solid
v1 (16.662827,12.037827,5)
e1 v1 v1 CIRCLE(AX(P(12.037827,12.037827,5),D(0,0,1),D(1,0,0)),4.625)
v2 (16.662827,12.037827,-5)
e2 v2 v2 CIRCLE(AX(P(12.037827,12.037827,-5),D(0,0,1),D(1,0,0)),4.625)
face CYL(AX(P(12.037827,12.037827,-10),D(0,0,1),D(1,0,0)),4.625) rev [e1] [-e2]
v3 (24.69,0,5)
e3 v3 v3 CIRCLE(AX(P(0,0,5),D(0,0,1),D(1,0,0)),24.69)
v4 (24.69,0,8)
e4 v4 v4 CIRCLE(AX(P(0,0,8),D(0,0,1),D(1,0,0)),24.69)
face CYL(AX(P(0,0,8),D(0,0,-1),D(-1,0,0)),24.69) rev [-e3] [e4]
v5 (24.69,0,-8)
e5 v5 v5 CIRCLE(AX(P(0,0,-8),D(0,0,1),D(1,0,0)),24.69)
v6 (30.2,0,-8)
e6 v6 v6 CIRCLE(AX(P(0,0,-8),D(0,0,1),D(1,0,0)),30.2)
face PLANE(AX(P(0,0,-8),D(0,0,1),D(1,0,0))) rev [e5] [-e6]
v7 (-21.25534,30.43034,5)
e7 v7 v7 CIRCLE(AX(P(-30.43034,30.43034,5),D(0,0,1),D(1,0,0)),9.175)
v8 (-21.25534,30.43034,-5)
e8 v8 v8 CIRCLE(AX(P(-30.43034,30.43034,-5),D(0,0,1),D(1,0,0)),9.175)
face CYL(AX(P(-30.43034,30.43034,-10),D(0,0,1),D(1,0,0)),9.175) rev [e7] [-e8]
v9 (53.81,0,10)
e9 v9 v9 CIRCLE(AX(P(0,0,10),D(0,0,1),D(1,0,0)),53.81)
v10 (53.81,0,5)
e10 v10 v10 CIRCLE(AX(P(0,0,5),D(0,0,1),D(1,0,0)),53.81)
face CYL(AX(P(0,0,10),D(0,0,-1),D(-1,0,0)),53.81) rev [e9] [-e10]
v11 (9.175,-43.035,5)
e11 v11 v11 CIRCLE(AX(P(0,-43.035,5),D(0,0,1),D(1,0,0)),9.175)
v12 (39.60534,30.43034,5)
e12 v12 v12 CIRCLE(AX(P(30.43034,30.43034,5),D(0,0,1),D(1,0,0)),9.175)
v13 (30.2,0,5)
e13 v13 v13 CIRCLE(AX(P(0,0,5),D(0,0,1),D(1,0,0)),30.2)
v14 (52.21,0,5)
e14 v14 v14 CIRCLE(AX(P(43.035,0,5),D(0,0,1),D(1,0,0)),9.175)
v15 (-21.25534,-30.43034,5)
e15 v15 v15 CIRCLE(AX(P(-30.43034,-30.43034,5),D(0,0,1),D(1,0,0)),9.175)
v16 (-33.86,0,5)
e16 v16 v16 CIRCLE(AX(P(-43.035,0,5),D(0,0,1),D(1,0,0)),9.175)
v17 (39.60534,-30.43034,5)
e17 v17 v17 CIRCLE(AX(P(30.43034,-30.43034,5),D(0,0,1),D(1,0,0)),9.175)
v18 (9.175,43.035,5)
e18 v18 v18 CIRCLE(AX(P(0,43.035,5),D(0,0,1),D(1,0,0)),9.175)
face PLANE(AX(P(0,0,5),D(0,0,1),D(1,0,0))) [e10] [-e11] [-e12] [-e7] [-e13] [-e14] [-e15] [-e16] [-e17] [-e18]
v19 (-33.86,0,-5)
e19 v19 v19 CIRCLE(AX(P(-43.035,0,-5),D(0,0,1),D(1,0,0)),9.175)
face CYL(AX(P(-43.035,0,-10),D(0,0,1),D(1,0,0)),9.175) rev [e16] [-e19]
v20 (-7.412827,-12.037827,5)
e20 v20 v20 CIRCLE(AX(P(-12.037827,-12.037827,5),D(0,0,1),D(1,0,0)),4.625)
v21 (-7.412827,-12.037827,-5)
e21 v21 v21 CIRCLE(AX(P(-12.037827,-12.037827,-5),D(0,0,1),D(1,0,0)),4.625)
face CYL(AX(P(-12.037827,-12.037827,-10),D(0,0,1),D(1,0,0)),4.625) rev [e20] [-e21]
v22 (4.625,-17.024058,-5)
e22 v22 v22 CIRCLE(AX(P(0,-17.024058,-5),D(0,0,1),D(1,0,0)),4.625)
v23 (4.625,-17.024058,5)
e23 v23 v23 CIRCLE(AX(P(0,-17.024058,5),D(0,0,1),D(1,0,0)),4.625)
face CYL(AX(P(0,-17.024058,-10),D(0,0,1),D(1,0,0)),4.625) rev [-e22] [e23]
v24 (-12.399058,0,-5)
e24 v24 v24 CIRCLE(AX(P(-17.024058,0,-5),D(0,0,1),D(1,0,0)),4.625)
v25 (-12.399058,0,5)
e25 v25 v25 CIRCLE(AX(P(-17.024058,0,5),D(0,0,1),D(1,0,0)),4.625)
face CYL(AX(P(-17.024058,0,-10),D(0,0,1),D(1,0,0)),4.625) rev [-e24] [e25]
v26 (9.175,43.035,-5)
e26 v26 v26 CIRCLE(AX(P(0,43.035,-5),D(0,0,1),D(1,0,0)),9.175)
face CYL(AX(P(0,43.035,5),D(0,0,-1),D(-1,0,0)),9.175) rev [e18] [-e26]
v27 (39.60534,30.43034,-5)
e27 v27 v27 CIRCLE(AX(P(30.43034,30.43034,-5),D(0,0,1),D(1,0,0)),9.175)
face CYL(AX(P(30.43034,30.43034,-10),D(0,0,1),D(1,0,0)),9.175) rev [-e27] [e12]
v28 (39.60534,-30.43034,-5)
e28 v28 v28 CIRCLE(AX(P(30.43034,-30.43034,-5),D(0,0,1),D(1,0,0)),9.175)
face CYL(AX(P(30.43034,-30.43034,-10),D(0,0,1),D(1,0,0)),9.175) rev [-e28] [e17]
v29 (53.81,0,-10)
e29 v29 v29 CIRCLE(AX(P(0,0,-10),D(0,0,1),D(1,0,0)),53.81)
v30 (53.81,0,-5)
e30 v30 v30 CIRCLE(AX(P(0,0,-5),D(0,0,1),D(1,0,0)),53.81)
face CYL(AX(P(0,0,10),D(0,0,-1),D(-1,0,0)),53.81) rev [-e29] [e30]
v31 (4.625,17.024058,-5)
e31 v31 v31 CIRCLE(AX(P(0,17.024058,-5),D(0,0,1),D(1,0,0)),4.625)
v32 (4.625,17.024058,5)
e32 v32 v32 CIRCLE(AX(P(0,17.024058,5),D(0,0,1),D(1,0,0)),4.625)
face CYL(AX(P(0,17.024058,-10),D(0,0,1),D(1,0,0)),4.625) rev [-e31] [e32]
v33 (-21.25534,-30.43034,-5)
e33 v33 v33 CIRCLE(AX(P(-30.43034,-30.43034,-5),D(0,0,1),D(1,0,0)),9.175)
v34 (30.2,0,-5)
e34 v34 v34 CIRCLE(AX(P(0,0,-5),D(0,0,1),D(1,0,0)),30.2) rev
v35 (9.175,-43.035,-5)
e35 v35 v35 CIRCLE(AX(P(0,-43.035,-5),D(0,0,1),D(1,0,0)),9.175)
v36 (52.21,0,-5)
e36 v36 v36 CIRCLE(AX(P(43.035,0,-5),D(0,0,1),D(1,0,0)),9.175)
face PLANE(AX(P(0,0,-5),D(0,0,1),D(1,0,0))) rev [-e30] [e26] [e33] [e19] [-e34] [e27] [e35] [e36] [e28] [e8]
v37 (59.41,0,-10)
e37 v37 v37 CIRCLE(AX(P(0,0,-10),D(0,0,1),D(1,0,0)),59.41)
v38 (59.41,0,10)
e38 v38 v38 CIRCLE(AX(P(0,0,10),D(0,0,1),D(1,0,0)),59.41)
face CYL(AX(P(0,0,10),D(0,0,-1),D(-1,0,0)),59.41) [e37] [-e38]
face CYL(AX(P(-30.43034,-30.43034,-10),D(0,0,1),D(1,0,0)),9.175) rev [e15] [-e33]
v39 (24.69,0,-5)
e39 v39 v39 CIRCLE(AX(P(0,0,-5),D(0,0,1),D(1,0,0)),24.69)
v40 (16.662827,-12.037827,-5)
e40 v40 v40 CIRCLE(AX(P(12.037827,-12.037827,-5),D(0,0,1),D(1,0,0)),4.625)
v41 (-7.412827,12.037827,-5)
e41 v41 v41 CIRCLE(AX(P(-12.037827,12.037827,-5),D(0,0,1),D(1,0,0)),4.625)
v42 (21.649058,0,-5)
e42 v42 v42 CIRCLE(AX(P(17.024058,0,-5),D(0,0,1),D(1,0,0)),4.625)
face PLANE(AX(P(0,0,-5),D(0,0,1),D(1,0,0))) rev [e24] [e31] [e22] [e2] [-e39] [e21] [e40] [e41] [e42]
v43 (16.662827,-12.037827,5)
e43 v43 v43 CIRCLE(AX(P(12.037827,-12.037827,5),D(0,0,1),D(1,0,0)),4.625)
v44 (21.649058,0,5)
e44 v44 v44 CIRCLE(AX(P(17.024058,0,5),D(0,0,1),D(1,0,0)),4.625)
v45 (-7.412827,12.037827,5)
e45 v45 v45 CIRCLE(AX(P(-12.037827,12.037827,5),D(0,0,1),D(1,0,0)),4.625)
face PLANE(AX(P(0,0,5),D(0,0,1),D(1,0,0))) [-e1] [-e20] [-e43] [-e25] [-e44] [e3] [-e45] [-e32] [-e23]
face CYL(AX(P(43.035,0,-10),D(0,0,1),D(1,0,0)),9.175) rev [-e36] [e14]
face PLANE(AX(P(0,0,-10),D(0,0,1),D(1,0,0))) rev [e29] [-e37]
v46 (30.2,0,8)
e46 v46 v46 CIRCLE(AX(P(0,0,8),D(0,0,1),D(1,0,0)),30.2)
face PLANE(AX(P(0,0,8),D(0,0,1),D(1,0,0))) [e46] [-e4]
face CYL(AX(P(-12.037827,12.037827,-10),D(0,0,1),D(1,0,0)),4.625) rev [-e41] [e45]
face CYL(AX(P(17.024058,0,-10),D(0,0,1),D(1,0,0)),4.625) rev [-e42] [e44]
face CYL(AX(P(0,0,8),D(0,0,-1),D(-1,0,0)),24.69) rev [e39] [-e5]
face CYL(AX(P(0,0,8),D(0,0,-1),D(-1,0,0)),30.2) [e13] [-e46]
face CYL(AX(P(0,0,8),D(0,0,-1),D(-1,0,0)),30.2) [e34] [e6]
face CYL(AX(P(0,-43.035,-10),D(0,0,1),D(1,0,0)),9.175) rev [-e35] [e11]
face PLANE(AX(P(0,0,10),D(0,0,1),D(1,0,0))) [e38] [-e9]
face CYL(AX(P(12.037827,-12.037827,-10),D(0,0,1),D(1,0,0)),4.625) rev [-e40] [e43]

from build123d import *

# Parameters (mm, degrees)
SKETCH1_R           = 59.41
SKETCH1_R_2         = 53.81
BOSS_EXTRUDE1_DEPTH = 10
SKETCH1_3_R         = 53.81
SKETCH1_3_R_2       = 30.2
SKETCH1_3_R_3       = 9.175
SKETCH1_3_R_4       = 24.69
BOSS_EXTRUDE2_DEPTH = 5
SKETCH1_4_R         = 30.2
SKETCH1_4_R_2       = 24.69
BOSS_EXTRUDE3_DEPTH = 8
SKETCH1_5_R         = 4.625
SKETCH1_5_R_2       = 9.175
CUT_EXTRUDE1_DEPTH  = 85.611442489
CIRPATTERN2_COUNT   = 8


with BuildPart() as part:
    # Sketch1 → Boss-Extrude1 (new, symmetric)
    with BuildSketch(Plane.XY):
        Circle(SKETCH1_R)
        Circle(SKETCH1_R_2, mode=Mode.SUBTRACT)
    extrude(amount=BOSS_EXTRUDE1_DEPTH, both=True)

    # Sketch1<3> → Boss-Extrude2 (add, symmetric)
    # profile 1 of 2: a face of its own
    with BuildSketch(Plane.XY):
        Circle(SKETCH1_3_R)
        Circle(SKETCH1_3_R_2, mode=Mode.SUBTRACT)
        with Locations((0, 43.035)):
            Circle(SKETCH1_3_R_3, mode=Mode.SUBTRACT)
    # profile 2 of 2: a face of its own
    with BuildSketch(Plane.XY):
        Circle(SKETCH1_3_R_4)
    extrude(amount=BOSS_EXTRUDE2_DEPTH, both=True)


with BuildPart() as boss_extrude2_piece_1:
    # of the separate pieces the step leaves, piece 1, a body of its own (boss_extrude2_pieces)
    add(part.part.solids().sort_by_distance((59.41, 0, -10))[0])



with BuildPart() as boss_extrude2_piece_2:
    # of the separate pieces the step leaves, piece 2, a body of its own (boss_extrude2_pieces)
    add(part.part.solids().sort_by_distance((24.69, 0, -5))[0])


with BuildPart() as boss_extrude2_piece_1_1:
    add(boss_extrude2_piece_1.part)

    add(boss_extrude2_piece_2.part)  # Boss-Extrude3 merges Boss-Extrude2 piece 2
    # Sketch1<4> → Boss-Extrude3 (add, symmetric)
    with BuildSketch(Plane.XY):
        Circle(SKETCH1_4_R)
        Circle(SKETCH1_4_R_2, mode=Mode.SUBTRACT)
    extrude(amount=BOSS_EXTRUDE3_DEPTH, both=True)

    # Sketch1<5> → Cut-Extrude1 (cut, symmetric)
    with BuildSketch(Plane.XY):
        with Locations((0, 17.024057501)):
            Circle(SKETCH1_5_R)
        with Locations((0, 43.035)):
            Circle(SKETCH1_5_R_2)
    cut_extrude1 = extrude(amount=CUT_EXTRUDE1_DEPTH, both=True, mode=Mode.SUBTRACT)

    # CirPattern2: Cut-Extrude1 ×8 about axis
    cirpattern2_axis = Axis((0, 0, 8), (0, 0, 1))
    for i in range(1, CIRPATTERN2_COUNT):
        add(cut_extrude1.rotate(cirpattern2_axis, i * 360 / CIRPATTERN2_COUNT), mode=Mode.SUBTRACT)


solid = boss_extrude2_piece_1_1.part
